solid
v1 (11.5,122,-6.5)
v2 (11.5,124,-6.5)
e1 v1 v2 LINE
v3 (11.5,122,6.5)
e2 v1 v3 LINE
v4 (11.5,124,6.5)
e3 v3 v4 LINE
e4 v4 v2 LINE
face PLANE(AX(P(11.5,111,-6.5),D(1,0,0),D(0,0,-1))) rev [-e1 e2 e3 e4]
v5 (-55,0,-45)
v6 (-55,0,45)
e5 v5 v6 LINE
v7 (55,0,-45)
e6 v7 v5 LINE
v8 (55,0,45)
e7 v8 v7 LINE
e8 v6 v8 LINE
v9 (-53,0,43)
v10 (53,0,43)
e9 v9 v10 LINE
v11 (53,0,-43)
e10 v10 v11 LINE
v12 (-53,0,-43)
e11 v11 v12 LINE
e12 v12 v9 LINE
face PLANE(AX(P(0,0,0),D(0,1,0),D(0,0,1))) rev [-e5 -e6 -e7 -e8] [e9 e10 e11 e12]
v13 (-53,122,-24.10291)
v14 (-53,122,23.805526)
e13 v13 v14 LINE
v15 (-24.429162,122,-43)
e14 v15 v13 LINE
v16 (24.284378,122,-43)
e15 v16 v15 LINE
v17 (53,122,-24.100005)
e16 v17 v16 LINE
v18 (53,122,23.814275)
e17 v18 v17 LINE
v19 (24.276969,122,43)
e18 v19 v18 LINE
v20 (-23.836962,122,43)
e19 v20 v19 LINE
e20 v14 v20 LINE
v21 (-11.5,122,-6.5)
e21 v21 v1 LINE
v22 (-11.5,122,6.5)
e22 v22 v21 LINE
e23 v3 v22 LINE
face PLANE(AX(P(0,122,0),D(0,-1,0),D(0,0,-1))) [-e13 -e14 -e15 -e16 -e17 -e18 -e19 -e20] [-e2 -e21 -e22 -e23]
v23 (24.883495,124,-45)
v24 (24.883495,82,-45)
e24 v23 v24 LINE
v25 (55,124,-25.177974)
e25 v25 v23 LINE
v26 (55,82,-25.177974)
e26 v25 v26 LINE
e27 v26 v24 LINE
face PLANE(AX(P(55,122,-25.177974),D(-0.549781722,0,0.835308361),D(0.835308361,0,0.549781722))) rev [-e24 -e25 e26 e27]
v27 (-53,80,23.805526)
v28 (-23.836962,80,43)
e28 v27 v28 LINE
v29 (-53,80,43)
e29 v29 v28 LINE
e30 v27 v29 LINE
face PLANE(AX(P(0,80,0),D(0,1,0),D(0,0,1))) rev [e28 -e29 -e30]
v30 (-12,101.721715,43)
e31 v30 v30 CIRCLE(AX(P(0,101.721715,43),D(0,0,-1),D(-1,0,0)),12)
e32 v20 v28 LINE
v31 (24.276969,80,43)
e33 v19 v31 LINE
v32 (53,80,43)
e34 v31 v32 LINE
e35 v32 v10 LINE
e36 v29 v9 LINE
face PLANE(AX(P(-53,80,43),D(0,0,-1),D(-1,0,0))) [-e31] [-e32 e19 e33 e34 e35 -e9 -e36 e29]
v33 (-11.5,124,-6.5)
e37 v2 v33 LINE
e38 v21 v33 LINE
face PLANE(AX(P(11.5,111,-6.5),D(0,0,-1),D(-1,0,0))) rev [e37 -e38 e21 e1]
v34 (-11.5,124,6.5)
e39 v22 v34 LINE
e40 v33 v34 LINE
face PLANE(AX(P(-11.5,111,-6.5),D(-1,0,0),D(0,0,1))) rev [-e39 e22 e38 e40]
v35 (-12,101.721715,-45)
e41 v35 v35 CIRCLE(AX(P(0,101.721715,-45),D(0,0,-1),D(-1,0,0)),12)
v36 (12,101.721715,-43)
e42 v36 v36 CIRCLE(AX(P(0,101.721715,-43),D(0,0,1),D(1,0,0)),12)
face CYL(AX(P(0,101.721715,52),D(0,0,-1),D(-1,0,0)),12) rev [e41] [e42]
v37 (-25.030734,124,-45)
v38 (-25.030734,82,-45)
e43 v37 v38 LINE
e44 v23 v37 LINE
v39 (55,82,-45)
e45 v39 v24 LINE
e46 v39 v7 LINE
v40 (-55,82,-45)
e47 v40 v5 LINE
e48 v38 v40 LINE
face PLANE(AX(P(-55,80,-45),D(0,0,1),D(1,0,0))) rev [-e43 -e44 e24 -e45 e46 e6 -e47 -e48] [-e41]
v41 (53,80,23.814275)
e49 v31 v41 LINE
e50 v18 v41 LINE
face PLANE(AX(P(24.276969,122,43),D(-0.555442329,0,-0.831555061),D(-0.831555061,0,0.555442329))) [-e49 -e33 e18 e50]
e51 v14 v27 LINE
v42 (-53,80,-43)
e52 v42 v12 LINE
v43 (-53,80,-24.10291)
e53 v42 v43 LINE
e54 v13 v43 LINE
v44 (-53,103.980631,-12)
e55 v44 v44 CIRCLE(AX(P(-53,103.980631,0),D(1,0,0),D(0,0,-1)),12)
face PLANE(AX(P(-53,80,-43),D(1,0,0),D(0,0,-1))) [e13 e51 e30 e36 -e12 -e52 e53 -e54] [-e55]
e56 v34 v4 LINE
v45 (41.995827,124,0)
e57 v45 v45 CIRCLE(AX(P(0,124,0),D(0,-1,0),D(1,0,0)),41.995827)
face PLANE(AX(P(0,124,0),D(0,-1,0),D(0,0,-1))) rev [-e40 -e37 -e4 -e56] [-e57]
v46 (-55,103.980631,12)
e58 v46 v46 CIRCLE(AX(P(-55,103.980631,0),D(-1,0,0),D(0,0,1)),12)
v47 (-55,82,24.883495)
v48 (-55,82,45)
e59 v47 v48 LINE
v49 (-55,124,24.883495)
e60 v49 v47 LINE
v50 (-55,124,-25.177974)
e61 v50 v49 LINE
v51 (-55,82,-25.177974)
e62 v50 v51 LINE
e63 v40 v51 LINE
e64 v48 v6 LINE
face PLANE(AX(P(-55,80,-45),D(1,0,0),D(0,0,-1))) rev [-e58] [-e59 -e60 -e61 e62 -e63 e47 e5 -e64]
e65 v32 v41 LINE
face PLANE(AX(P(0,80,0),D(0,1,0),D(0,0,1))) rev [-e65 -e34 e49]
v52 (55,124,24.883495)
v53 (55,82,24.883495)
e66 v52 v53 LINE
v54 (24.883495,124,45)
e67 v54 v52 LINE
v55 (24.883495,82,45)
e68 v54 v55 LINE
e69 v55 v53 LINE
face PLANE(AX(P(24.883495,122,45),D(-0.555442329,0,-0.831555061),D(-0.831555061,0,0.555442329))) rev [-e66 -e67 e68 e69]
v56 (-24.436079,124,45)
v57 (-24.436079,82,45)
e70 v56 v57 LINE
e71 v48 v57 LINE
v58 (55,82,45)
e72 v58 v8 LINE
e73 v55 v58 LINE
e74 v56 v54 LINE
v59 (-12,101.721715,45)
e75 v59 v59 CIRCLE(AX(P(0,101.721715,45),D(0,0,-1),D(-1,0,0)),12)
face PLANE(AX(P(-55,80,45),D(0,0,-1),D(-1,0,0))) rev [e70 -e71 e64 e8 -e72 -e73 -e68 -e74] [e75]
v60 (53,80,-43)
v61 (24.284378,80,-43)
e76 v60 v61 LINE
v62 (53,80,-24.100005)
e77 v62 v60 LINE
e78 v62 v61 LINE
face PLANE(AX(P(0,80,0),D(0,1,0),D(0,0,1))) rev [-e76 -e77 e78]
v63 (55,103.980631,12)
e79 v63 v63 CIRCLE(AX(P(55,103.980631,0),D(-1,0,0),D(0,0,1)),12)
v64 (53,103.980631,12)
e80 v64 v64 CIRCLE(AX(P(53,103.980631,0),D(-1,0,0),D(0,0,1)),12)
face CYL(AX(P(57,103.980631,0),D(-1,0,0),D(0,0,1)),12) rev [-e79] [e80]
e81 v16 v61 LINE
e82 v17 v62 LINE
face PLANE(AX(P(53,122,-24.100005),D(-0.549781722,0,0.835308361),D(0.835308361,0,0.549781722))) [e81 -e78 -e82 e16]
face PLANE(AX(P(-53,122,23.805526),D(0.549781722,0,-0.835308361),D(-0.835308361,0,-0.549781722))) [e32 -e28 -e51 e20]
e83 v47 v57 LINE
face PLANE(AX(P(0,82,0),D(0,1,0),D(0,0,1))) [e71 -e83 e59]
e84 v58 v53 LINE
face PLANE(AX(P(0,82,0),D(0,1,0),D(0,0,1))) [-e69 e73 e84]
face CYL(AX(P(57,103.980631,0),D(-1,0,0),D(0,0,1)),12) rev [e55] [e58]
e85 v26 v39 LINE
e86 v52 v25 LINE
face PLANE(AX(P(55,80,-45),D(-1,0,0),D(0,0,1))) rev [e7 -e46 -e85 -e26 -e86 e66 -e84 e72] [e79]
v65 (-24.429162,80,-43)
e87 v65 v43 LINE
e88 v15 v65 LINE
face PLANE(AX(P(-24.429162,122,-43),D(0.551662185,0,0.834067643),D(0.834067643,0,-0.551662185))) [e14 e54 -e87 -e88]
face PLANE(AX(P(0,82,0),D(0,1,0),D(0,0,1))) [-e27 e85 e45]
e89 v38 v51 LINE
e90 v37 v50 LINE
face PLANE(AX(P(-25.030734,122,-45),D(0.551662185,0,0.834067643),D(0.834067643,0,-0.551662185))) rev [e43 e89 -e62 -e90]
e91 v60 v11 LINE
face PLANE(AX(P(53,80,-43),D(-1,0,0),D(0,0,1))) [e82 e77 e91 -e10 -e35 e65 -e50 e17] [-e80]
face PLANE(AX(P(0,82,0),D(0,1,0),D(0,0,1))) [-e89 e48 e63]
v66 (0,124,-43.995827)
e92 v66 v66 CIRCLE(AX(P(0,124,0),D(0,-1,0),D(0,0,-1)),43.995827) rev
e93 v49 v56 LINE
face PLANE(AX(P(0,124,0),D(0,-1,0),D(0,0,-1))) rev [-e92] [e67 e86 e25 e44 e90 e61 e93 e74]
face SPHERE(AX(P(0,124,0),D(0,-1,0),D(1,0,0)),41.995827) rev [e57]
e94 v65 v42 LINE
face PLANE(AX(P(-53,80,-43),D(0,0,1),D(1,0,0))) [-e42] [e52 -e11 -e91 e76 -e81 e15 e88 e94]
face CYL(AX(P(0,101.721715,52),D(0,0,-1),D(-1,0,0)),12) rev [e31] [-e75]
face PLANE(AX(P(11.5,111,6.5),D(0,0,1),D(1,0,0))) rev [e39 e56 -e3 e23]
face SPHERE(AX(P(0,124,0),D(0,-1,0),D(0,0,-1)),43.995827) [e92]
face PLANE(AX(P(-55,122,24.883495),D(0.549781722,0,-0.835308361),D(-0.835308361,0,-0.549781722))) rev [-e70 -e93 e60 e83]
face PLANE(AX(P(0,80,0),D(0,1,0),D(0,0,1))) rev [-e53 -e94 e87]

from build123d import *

# Parameters (mm, degrees)
SKETCH1_W           = 110
SKETCH1_H           = 90
SKETCH1_W_2         = 106
SKETCH1_H_2         = 86
BOSS_EXTRUDE1_DEPTH = 80
SKETCH2_W           = 110
SKETCH2_H           = 90
BOSS_EXTRUDE2_DEPTH = 2
BOSS_EXTRUDE3_DEPTH = 40
CUT_EXTRUDE1_DEPTH  = 40
BOSS_EXTRUDE4_DEPTH = 2
SKETCH11_W          = 23
SKETCH11_H          = 13
CUT_EXTRUDE2_DEPTH  = 13
REVOLVE_THIN3_ANGLE = 180
SKETCH13_R          = 12
CUT_EXTRUDE3_DEPTH  = 97
SKETCH14_R          = 12
CUT_EXTRUDE4_DEPTH  = 112


with BuildPart() as part:
    # Sketch1 → Boss-Extrude1 (new body)
    with BuildSketch(Plane(origin=(0, 0, 0), x_dir=(1, 0, 0), z_dir=(0, 1, 0))):
        Rectangle(SKETCH1_W, SKETCH1_H)
        Rectangle(SKETCH1_W_2, SKETCH1_H_2, mode=Mode.SUBTRACT)
    extrude(amount=BOSS_EXTRUDE1_DEPTH)

    # Sketch2 → Boss-Extrude2 (add)
    with BuildSketch(Plane(origin=(0, 80, 0), x_dir=(1, 0, 0), z_dir=(0, 1, 0))):
        Rectangle(SKETCH2_W, SKETCH2_H)
    extrude(amount=BOSS_EXTRUDE2_DEPTH)

    # Sketch3 → Boss-Extrude3 (add)
    with BuildSketch(Plane(origin=(0, 82, 0), x_dir=(1, 0, 0), z_dir=(0, 1, 0))):
        Polygon((55, 25.177973791), (24.883494565, 45), (-25.030734178, 45), (-55, 25.177973791), (-55, -24.883494565), (-24.436078892, -45), (24.883494565, -45), (55, -24.883494565), align=None)
        Polygon((53, 24.100004746), (24.284378107, 43), (-24.429161834, 43), (-53, 24.102910351), (-53, -23.805525521), (-23.836962434, -43), (24.27696917, -43), (53, -23.814274516), align=None, mode=Mode.SUBTRACT)
    extrude(amount=BOSS_EXTRUDE3_DEPTH)

    # Sketch7 → Cut-Extrude1 (cut)
    with BuildSketch(Plane(origin=(0, 82, 0), x_dir=(1, 0, 0), z_dir=(0, 1, 0))):
        Polygon((-24.429161834, 43), (-53, 24.102910351), (-53, -23.805525521), (-23.836962434, -43), (24.27696917, -43), (53, -23.814274516), (53, 24.100004746), (24.284378107, 43), align=None)
    extrude(amount=-CUT_EXTRUDE1_DEPTH, mode=Mode.SUBTRACT)

    # Sketch8 → Boss-Extrude4 (add)
    with BuildSketch(Plane(origin=(0, 122, 0), x_dir=(1, 0, 0), z_dir=(0, 1, 0))):
        Polygon((24.883494565, 45), (55, 25.177973791), (55, -24.883494565), (24.883494565, -45), (-24.436078892, -45), (-55, -24.883494565), (-55, 25.177973791), (-25.030734178, 45), align=None)
    extrude(amount=BOSS_EXTRUDE4_DEPTH)

    # Sketch11 → Cut-Extrude2 (cut)
    with BuildSketch(Plane(origin=(0, 124, 0), x_dir=(1, 0, 0), z_dir=(0, 1, 0))):
        Rectangle(SKETCH11_W, SKETCH11_H)
    extrude(amount=-CUT_EXTRUDE2_DEPTH, mode=Mode.SUBTRACT)

    # Sketch12 → Revolve-Thin3 (revolve)
    with BuildSketch(Plane(origin=(0, 124, 0), x_dir=(1, 0, 0), z_dir=(0, 1, 0))):
        with BuildLine():
            ThreePointArc((-43.995827048, 0), (0, -43.995827048), (43.995827048, 0))
            Line((43.995827048, 0), (41.995827048, 0))
            ThreePointArc((41.995827048, 0), (0, -41.995827048), (-41.995827048, 0))
            Line((-41.995827048, 0), (-43.995827048, 0))
        make_face()
    revolve(axis=Axis((43.995827048, 124, 0), (-1, 0, 0)), revolution_arc=REVOLVE_THIN3_ANGLE)

    # Sketch13 → Cut-Extrude3 (cut)
    with BuildSketch(Plane(origin=(0, 0, -45), x_dir=(-1, 0, 0), z_dir=(0, 0, -1))):
        with Locations((0, 101.721715456)):
            Circle(SKETCH13_R)
    extrude(amount=-CUT_EXTRUDE3_DEPTH, mode=Mode.SUBTRACT)

    # Sketch14 → Cut-Extrude4 (cut)
    with BuildSketch(Plane.ZY.offset(55)):
        with Locations((0, 103.980631389)):
            Circle(SKETCH14_R)
    extrude(amount=-CUT_EXTRUDE4_DEPTH, mode=Mode.SUBTRACT)


solid = part.part
